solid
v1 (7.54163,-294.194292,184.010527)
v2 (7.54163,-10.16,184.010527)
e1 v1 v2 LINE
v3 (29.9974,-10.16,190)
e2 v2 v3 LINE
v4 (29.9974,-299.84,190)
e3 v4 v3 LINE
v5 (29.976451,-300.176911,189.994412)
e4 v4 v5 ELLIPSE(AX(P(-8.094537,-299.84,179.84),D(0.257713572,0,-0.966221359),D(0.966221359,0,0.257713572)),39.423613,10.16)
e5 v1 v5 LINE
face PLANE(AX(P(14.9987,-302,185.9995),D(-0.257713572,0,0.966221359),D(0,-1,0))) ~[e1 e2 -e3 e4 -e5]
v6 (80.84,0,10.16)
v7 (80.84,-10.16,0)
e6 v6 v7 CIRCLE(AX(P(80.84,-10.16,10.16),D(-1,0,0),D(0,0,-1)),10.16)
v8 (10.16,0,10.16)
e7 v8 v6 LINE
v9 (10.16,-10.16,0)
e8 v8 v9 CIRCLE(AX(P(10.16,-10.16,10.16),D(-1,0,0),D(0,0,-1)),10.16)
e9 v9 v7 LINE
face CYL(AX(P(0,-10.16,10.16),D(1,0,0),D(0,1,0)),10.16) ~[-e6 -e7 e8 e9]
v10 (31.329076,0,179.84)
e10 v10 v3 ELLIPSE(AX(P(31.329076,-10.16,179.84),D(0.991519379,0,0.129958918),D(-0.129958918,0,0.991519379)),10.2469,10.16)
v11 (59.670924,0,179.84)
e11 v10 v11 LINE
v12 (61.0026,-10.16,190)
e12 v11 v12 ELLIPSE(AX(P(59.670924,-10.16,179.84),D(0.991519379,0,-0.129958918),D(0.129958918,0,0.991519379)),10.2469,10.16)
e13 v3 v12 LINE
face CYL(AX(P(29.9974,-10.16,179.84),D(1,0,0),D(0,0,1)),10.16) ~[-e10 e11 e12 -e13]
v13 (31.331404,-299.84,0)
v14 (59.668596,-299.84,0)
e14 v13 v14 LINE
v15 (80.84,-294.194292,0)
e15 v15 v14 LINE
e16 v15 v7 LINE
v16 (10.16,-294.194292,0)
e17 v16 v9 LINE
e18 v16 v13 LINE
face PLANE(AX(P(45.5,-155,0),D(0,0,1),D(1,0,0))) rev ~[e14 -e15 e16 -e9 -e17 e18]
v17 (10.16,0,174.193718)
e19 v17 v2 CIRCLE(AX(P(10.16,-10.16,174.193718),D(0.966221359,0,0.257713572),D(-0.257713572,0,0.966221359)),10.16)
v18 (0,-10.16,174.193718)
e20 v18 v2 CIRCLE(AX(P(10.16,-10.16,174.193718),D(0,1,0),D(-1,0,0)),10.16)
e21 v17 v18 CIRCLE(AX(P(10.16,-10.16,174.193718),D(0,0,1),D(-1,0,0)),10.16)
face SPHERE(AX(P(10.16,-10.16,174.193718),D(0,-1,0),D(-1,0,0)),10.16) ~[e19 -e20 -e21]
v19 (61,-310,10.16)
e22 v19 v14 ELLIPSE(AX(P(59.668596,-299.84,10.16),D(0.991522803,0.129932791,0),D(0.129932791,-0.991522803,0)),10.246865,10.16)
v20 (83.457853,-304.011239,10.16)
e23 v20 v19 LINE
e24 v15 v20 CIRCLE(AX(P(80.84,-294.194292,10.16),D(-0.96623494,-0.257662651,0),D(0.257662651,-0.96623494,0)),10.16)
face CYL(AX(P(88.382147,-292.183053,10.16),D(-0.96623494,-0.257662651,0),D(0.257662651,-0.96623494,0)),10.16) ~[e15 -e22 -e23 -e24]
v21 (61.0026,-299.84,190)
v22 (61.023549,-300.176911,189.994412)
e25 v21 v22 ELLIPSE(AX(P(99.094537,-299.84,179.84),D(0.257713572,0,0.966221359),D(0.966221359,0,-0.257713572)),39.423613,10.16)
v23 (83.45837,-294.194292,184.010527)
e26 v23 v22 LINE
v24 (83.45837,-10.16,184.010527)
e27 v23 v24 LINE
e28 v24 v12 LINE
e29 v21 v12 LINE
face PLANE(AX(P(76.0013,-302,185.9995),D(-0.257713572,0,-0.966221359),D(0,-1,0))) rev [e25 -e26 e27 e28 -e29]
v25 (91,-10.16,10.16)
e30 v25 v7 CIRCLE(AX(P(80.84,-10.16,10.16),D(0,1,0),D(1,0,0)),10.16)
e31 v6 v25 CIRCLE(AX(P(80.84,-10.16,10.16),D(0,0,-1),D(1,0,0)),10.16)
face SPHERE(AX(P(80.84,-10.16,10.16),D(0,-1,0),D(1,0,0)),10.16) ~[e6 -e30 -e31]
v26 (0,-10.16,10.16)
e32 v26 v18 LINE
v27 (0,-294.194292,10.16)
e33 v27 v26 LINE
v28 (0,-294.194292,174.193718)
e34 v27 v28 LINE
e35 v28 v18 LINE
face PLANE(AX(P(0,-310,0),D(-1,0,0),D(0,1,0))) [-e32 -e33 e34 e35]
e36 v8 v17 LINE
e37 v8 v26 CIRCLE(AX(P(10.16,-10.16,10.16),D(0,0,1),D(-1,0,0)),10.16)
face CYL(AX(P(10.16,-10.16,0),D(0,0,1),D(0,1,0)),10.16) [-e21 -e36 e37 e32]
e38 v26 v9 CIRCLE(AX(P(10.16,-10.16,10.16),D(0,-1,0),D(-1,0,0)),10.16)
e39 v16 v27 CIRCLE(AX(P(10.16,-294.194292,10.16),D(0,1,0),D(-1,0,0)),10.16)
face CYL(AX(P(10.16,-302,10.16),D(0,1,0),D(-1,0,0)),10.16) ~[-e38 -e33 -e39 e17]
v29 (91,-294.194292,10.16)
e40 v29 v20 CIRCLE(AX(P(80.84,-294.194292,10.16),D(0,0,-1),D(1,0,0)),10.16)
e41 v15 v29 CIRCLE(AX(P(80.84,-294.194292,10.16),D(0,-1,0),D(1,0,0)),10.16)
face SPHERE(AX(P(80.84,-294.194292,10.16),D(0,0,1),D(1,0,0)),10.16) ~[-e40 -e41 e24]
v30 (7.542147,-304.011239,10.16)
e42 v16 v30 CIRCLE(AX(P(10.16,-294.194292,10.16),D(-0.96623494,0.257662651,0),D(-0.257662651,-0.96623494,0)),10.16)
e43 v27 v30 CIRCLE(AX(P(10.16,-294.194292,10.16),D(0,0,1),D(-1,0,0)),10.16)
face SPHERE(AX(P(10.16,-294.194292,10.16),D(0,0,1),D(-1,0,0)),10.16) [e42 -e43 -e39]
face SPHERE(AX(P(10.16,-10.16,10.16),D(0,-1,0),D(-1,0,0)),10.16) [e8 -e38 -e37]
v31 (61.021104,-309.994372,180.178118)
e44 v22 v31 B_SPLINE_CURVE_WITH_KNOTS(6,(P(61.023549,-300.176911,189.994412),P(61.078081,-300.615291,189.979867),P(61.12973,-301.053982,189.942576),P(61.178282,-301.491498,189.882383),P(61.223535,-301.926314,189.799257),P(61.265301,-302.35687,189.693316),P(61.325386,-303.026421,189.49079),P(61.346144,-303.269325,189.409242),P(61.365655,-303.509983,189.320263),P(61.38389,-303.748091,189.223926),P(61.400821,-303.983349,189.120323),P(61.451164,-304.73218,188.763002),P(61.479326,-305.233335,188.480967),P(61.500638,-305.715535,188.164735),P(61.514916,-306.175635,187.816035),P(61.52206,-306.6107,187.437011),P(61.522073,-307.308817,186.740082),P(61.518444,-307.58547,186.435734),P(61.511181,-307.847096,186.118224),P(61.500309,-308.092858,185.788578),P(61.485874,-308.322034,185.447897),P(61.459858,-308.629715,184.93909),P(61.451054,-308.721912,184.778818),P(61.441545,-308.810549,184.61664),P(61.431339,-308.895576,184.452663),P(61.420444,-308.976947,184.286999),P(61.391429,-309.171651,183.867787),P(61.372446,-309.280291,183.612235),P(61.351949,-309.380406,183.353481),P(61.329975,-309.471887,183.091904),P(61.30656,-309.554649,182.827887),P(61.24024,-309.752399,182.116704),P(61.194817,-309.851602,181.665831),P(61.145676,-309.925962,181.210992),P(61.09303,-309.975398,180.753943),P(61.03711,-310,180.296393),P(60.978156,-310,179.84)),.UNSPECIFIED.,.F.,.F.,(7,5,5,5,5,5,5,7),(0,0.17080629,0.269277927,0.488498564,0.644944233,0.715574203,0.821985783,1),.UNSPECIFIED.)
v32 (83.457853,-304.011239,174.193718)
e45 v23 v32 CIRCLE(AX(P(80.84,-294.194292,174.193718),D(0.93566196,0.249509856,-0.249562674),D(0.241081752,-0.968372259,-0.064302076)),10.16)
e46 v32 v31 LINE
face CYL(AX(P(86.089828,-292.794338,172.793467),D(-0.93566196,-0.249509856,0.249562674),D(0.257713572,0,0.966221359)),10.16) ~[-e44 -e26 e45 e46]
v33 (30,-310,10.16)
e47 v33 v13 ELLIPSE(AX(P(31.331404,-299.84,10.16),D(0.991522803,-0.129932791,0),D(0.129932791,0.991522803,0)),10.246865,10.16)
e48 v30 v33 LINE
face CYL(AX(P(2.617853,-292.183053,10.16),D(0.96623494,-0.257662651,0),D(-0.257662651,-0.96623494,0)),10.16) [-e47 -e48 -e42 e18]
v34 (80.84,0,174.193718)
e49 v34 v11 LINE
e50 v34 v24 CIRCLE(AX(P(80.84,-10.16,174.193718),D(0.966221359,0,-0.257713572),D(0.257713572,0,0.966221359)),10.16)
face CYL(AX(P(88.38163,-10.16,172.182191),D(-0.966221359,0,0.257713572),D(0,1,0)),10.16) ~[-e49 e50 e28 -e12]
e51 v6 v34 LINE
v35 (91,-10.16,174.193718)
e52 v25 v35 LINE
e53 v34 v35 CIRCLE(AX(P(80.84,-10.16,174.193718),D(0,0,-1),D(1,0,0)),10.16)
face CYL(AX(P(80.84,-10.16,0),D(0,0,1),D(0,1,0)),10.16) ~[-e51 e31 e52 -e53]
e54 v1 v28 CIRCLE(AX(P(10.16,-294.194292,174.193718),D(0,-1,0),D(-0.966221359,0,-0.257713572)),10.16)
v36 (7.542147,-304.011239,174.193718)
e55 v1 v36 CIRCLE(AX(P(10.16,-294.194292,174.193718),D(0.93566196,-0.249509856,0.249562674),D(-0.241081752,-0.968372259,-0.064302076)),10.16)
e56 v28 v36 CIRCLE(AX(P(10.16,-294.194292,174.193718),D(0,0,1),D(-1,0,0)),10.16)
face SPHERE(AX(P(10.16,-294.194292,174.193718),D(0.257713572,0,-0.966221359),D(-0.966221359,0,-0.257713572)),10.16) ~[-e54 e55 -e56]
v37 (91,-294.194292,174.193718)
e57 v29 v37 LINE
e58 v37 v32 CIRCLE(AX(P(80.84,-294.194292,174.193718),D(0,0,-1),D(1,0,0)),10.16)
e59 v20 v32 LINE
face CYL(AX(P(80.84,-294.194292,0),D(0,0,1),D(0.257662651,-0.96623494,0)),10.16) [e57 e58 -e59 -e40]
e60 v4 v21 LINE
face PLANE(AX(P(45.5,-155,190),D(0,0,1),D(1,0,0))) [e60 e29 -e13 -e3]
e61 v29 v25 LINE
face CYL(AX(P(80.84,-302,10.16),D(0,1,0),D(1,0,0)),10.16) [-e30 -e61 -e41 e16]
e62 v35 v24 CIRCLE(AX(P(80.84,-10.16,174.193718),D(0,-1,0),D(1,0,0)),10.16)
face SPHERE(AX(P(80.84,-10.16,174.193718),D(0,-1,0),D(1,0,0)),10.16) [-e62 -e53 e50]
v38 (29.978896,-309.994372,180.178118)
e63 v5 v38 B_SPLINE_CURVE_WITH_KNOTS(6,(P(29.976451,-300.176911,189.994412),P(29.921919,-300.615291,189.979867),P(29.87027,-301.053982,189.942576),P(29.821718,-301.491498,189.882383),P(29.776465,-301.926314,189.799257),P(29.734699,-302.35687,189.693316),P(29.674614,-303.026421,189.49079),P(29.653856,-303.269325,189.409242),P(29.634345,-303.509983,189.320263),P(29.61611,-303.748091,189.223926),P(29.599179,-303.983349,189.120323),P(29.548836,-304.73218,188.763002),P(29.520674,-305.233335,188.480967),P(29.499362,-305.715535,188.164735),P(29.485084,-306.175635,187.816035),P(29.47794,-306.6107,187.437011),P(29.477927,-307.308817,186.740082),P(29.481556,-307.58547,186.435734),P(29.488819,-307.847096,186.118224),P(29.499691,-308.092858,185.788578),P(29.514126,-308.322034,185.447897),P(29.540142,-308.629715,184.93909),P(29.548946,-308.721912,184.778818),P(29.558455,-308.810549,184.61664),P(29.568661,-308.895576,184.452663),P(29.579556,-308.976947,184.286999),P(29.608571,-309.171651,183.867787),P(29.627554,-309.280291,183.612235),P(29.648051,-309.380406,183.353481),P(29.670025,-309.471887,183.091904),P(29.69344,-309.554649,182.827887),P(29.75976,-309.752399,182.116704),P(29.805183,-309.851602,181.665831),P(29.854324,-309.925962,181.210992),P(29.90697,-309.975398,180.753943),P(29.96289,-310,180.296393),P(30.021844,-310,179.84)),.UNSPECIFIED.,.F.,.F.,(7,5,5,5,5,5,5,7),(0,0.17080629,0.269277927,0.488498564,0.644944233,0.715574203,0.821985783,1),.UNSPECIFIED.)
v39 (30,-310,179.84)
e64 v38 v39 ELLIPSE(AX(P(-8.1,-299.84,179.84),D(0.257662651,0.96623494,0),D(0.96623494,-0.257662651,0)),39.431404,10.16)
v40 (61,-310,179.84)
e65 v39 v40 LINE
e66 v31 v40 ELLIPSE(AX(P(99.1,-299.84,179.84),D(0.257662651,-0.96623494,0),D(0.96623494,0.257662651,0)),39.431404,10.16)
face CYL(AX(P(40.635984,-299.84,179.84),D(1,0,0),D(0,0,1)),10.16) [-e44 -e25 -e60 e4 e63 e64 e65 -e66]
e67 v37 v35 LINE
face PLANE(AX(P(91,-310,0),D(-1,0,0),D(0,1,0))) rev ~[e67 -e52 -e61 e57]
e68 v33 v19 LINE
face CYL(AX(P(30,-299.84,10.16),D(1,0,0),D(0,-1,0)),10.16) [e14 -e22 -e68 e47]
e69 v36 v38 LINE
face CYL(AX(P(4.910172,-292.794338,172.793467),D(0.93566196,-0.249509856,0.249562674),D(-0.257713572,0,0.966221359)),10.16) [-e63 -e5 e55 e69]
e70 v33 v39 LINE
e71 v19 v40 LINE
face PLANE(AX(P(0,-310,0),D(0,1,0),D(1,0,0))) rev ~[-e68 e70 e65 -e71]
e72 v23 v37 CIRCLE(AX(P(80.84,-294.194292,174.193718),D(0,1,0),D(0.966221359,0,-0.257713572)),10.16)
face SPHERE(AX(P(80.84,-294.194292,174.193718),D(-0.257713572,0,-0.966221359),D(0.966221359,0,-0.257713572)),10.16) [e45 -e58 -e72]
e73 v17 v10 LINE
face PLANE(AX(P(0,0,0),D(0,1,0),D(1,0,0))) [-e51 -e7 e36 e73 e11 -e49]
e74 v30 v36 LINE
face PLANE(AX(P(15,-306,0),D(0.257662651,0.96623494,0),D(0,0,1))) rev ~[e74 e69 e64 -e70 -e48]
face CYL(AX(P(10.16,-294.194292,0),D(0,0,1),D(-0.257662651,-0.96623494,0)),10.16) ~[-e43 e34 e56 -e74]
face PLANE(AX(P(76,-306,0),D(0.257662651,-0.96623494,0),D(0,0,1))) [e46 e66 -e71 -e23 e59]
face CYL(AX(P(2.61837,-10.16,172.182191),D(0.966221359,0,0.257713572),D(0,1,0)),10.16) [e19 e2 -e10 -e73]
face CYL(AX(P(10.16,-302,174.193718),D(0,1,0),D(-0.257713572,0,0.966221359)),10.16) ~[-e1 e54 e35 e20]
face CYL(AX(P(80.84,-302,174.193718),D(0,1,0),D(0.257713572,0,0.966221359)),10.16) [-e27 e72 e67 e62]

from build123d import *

# Parameters (mm, degrees)
F0_W       = 91
F0_H       = 310
F1_DEPTH   = 190
F2_SIZE2   = 30
F2_SIZE    = 8
F2_2_SIZE2 = 30
F2_2_SIZE  = 8
F3_SIZE2   = 29.9974
F3_SIZE    = 8.001
F3_2_SIZE2 = 29.9974
F3_2_SIZE  = 8.001
F4_R       = 10.16


with BuildPart() as f1:
    # F0 (on Top) → F1 (new body)
    with BuildSketch(Plane.XY):
        with Locations((45.5, -155)):
            Rectangle(F0_W, F0_H)
    extrude(amount=F1_DEPTH)

    # F2
    f2_edges = [f1.edges().sort_by_distance(p)[0] for p in [
        (91, -310, 95),
    ]]
    f2_side = f1.faces().sort_by_distance((91, -155, 95))[0]
    chamfer(f2_edges, length=F2_SIZE, length2=F2_SIZE2, reference=f2_side)

    # F2#2
    f2_2_edges = [f1.edges().sort_by_distance(p)[0] for p in [
        (0, -310, 95),
    ]]
    f2_2_side = f1.faces().sort_by_distance((0, -155, 95))[0]
    chamfer(f2_2_edges, length=F2_2_SIZE, length2=F2_2_SIZE2, reference=f2_2_side)

    # F3
    f3_edges = [f1.edges().sort_by_distance(p)[0] for p in [
        (91, -151, 190),
    ]]
    f3_side = f1.faces().sort_by_distance((91, -151, 95))[0]
    chamfer(f3_edges, length=F3_SIZE, length2=F3_SIZE2, reference=f3_side)

    # F3#2
    f3_2_edges = [f1.edges().sort_by_distance(p)[0] for p in [
        (0, -151, 190),
    ]]
    f3_2_side = f1.faces().sort_by_distance((0, -151, 95))[0]
    chamfer(f3_2_edges, length=F3_2_SIZE, length2=F3_2_SIZE2, reference=f3_2_side)

    # F4 (call 1 of 2: OpenCascade refuses the feature's edges together)
    f4_edges = [f1.edges().sort_by_distance(p)[0] for p in [
        (0, -302, 90.9995),
        (0, -151, 181.999),
        (0, -151, 0),
        (0, 0, 90.9995),
        (91, -302, 90.9995),
        (91, -151, 181.999),
        (91, -151, 0),
        (91, 0, 90.9995),
        (45.5, -310, 0),
        (15, -306, 0),
        (76, -306, 0),
        (45.5, 0, 0),
        (76.0013, -305.999653, 185.9995),
        (14.9987, -305.999653, 185.9995),
        (14.9987, 0, 185.9995),
        (76.0013, 0, 185.9995),
        (45.5, 0, 190),
    ]]
    fillet(f4_edges, radius=F4_R)

    # F4#2 (call 2 of 2)
    f4_2_edges = [f1.edges().sort_by_distance(p)[0] for p in [
        (45.5, -310, 190),
    ]]
    fillet(f4_2_edges, radius=F4_R)


solid = f1.part
